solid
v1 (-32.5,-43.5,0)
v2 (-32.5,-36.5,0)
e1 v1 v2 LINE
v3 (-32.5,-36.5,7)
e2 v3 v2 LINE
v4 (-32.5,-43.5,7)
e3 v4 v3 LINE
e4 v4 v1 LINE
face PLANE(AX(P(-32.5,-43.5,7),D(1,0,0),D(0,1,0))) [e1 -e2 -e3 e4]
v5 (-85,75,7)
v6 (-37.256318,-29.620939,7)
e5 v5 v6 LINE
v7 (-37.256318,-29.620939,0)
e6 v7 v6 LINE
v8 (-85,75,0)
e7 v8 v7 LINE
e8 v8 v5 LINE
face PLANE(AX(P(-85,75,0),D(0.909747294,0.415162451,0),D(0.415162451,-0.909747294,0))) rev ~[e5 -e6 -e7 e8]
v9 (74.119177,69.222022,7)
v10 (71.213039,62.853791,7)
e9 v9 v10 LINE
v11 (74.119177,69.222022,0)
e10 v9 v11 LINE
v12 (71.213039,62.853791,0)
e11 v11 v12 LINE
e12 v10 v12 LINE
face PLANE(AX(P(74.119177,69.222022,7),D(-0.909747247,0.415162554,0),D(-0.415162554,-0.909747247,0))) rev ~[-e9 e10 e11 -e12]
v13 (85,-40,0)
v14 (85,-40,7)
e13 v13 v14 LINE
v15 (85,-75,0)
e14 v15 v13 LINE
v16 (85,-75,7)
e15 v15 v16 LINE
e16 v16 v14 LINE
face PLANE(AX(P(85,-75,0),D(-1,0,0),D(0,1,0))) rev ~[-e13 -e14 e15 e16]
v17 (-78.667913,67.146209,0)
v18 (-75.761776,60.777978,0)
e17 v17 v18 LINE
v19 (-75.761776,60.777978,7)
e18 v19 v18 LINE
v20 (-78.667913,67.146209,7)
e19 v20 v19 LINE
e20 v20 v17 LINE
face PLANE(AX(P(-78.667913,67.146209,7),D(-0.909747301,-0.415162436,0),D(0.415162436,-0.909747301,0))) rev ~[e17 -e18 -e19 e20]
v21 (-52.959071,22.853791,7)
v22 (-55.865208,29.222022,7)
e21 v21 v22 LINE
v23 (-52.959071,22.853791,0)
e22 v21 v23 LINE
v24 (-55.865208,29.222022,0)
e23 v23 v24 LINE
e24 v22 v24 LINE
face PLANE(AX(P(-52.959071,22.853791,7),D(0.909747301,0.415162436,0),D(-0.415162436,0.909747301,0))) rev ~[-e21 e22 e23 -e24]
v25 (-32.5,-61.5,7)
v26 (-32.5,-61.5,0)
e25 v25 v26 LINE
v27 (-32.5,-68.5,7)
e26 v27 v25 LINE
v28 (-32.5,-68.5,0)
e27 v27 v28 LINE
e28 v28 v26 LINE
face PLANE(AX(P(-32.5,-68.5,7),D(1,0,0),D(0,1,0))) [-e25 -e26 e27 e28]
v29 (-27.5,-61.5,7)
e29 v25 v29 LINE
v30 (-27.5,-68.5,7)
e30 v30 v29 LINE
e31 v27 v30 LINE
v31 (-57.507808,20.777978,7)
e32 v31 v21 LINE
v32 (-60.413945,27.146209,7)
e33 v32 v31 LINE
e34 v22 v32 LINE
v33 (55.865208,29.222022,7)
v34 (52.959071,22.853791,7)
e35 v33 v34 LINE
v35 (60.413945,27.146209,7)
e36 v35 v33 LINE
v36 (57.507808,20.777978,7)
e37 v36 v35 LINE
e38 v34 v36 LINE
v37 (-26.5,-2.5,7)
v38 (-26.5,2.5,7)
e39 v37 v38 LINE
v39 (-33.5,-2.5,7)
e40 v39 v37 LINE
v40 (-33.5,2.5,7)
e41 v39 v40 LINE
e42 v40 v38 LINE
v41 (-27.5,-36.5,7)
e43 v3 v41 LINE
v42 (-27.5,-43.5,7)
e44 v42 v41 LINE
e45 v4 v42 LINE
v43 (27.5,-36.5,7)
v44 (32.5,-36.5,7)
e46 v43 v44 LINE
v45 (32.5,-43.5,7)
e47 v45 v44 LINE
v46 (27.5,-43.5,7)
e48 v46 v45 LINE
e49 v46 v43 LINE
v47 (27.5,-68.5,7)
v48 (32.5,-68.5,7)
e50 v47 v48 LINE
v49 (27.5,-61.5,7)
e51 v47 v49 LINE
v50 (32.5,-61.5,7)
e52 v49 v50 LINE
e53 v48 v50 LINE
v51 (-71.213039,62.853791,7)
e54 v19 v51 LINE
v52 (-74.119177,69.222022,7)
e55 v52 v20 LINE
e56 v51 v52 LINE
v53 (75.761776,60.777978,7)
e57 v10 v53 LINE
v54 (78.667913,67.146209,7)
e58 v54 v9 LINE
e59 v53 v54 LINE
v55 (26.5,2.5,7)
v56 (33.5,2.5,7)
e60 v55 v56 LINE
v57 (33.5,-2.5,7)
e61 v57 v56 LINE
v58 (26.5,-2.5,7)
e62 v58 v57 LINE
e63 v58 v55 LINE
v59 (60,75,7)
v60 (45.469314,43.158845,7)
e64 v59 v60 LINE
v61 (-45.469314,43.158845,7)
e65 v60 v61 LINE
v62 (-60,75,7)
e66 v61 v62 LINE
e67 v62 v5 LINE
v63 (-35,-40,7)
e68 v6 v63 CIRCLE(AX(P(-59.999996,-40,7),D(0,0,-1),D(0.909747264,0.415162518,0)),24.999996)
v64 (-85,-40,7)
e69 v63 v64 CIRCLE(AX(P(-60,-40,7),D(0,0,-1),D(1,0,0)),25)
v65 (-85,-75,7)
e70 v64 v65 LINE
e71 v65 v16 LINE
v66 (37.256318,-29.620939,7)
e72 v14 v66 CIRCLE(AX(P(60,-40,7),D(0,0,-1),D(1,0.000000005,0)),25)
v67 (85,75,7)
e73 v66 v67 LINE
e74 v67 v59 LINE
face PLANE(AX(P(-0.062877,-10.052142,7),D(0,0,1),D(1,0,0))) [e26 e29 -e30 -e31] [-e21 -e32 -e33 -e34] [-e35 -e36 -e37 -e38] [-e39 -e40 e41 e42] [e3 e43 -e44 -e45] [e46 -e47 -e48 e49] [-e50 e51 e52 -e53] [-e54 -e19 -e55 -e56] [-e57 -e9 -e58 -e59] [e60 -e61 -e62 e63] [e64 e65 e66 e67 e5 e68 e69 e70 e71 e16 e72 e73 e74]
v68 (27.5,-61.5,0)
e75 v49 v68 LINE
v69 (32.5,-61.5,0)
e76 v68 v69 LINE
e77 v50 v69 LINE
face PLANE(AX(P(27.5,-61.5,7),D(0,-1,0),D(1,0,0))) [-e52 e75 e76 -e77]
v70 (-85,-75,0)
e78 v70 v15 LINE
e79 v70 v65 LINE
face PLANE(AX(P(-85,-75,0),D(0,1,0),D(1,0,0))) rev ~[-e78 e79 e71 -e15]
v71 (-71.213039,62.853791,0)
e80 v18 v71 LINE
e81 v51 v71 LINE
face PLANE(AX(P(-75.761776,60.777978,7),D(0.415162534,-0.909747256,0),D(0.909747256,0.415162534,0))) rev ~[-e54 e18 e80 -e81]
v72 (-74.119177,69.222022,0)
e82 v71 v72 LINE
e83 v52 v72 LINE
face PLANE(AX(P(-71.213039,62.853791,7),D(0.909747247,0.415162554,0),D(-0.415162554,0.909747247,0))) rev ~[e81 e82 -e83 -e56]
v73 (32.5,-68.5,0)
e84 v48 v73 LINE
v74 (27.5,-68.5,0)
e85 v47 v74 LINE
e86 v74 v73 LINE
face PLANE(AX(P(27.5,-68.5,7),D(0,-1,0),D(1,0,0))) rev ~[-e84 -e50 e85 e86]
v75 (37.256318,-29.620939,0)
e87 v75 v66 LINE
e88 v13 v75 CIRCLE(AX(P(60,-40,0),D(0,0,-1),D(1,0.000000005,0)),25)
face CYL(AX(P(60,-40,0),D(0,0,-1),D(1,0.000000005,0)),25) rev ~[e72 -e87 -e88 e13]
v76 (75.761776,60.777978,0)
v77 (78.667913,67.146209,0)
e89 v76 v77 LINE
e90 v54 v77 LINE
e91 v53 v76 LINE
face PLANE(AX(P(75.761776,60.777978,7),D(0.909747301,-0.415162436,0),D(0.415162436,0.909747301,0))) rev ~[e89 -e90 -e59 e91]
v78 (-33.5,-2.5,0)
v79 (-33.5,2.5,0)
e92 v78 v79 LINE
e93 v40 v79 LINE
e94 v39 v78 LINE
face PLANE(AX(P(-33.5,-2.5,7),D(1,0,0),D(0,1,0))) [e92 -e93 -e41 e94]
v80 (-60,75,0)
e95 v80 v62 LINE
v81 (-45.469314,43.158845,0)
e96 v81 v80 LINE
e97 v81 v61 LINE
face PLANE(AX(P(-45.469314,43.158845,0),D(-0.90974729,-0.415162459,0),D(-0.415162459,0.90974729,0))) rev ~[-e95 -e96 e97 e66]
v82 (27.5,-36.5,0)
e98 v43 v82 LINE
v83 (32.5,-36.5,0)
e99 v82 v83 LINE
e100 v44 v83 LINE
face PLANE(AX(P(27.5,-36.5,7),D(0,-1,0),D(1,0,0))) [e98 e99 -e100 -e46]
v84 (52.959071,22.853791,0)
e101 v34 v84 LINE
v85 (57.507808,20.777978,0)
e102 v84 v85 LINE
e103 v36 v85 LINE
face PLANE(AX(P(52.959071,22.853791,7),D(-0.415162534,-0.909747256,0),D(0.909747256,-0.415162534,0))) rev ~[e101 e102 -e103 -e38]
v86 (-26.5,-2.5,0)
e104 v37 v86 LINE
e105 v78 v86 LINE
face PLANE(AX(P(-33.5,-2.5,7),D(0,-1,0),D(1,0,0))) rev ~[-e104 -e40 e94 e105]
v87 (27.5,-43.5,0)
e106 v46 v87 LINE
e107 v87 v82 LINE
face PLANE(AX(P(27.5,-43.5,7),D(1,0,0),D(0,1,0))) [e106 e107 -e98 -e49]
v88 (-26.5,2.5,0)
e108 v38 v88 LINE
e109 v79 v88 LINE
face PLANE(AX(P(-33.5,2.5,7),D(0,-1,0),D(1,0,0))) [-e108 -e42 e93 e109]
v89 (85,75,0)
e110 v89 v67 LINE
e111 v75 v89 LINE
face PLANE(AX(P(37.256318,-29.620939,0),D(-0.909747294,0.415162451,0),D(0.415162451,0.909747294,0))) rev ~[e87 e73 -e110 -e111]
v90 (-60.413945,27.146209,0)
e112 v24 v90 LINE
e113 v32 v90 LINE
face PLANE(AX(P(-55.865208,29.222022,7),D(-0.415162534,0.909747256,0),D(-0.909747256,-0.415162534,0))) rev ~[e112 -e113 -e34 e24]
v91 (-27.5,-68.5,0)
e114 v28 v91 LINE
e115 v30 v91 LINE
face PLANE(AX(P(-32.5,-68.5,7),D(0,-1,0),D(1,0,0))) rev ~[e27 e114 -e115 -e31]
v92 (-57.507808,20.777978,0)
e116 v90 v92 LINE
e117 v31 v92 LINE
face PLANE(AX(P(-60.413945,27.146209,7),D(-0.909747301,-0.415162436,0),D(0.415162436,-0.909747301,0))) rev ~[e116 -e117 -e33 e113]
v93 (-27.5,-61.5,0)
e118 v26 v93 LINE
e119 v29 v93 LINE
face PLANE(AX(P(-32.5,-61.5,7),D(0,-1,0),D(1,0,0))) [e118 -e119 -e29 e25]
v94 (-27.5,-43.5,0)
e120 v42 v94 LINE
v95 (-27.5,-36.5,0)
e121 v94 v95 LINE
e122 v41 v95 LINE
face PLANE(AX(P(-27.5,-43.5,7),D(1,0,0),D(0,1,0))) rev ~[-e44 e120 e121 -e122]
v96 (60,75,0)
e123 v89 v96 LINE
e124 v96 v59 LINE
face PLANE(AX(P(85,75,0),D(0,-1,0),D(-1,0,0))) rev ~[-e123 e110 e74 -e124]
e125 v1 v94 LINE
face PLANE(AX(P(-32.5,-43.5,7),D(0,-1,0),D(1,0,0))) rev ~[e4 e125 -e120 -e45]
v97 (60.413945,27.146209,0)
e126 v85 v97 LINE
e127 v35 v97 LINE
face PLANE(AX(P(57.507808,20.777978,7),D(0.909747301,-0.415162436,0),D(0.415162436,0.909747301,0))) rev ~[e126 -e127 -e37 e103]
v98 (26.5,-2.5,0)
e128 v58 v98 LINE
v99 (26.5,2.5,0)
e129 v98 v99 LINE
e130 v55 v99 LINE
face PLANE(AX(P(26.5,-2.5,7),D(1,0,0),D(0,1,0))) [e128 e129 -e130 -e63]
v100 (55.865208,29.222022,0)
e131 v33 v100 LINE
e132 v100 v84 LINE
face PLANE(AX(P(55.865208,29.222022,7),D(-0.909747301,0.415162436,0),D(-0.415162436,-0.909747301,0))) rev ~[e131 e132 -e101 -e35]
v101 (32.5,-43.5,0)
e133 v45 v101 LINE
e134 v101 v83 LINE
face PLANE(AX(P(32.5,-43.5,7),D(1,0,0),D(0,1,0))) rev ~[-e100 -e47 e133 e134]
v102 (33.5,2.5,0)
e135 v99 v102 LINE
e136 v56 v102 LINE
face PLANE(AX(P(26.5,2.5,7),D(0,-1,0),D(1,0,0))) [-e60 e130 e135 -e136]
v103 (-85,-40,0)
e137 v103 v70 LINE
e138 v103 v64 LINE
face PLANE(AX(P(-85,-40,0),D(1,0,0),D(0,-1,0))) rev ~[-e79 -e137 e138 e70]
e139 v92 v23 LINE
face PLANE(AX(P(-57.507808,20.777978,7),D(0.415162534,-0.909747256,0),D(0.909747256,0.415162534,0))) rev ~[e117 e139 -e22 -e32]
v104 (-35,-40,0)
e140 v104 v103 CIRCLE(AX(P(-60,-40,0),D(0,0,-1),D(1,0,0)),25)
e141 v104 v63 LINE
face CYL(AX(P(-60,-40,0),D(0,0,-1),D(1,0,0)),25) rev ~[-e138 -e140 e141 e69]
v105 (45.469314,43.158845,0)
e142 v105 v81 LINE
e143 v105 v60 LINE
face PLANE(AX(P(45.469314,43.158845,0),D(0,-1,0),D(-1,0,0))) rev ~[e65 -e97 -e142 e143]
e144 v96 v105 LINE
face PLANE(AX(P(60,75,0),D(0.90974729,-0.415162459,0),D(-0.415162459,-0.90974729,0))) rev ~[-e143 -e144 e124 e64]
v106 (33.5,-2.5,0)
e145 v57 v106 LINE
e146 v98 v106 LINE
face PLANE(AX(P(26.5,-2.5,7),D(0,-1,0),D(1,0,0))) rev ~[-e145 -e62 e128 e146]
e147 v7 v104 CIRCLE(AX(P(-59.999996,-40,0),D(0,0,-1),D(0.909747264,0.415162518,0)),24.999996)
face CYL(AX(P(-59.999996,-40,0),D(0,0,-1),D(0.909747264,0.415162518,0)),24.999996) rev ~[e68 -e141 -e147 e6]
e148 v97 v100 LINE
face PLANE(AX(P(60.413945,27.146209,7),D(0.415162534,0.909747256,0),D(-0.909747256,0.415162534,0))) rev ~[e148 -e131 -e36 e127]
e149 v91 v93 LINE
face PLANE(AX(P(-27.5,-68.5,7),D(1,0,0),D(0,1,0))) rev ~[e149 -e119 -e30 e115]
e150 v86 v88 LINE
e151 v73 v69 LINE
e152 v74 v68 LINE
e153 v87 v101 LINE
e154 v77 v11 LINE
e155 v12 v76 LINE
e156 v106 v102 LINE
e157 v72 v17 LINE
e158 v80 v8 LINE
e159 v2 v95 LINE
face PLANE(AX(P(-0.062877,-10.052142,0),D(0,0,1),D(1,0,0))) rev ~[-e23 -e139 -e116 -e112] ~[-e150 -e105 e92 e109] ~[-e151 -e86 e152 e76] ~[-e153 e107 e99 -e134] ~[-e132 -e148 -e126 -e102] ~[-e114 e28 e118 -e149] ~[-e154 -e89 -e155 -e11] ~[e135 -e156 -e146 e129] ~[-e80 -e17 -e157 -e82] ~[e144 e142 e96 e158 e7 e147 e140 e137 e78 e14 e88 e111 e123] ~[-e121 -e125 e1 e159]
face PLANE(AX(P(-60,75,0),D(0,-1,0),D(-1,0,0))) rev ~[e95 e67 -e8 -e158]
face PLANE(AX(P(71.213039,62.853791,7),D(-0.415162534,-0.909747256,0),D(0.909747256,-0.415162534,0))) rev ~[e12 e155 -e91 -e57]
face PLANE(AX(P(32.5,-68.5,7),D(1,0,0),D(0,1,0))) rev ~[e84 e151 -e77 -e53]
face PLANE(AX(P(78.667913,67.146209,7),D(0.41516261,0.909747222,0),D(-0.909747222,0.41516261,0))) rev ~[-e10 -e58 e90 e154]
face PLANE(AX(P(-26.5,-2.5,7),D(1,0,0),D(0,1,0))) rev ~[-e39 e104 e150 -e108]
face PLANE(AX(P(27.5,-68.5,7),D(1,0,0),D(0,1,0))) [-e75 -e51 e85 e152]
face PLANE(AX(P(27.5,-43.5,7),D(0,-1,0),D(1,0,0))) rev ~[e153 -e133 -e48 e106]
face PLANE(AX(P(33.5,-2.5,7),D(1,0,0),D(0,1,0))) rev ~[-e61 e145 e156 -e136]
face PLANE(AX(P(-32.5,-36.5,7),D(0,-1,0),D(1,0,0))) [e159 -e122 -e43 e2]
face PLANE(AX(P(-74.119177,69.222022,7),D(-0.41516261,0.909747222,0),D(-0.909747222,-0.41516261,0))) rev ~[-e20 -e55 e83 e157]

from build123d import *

# Parameters (mm, degrees)
F1_DEPTH = 7
F2_W     = 5
F2_H     = 7
F2_W_2   = 7
F2_H_2   = 5
F3_DEPTH = 7.001
F5_DEPTH = 7.001


with BuildPart() as f1:
    # F0 (on Top) → F1 (new body)
    with BuildSketch(Plane.XY):
        with BuildLine():
            Line((-85, -75), (85, -75))
            Line((85, -75), (85, -40))
            ThreePointArc((85, -40), (54.689259, -64.429409), (37.256318, -29.620939))
            Line((37.256318, -29.620939), (85, 75))
            Line((85, 75), (60, 75))
            Line((60, 75), (45.469314, 43.158845))
            Line((45.469314, 43.158845), (-45.469314, 43.158845))
            Line((-45.469314, 43.158845), (-60, 75))
            Line((-60, 75), (-85, 75))
            Line((-85, 75), (-37.256318, -29.620939))
            ThreePointArc((-37.256318, -29.620939), (-35.570591, -34.689259), (-35, -40))
            ThreePointArc((-35, -40), (-60, -65), (-85, -40))
            Line((-85, -40), (-85, -75))
        make_face()
    extrude(amount=F1_DEPTH)

    # F2 (on face) → F3 (cut, through all)
    with BuildSketch(Plane.XY.offset(7)):
        with Locations((-30, -65)):
            Rectangle(F2_W, F2_H)
        with Locations((30, -65)):
            Rectangle(F2_W, F2_H)
        with Locations((-30, -40)):
            Rectangle(F2_W, F2_H)
        with Locations((30, -40)):
            Rectangle(F2_W, F2_H)
        with Locations((-30, 0)):
            Rectangle(F2_W_2, F2_H_2)
        with Locations((30, 0)):
            Rectangle(F2_W_2, F2_H_2)
    extrude(amount=-F3_DEPTH, mode=Mode.SUBTRACT)

    # F4 (on face) → F5 (cut, through all)
    with BuildSketch(Plane.XY.offset(7)):
        Polygon((71.213039, 62.853791), (75.761776, 60.777978), (78.667913, 67.146209), (74.119177, 69.222022), align=None)
        Polygon((52.959071, 22.853791), (57.507808, 20.777978), (60.413945, 27.146209), (55.865208, 29.222022), align=None)
        Polygon((-57.507808, 20.777978), (-52.959071, 22.853791), (-55.865208, 29.222022), (-60.413945, 27.146209), align=None)
        Polygon((-75.761776, 60.777978), (-71.213039, 62.853791), (-74.119177, 69.222022), (-78.667913, 67.146209), align=None)
    extrude(amount=-F5_DEPTH, mode=Mode.SUBTRACT)


solid = f1.part
